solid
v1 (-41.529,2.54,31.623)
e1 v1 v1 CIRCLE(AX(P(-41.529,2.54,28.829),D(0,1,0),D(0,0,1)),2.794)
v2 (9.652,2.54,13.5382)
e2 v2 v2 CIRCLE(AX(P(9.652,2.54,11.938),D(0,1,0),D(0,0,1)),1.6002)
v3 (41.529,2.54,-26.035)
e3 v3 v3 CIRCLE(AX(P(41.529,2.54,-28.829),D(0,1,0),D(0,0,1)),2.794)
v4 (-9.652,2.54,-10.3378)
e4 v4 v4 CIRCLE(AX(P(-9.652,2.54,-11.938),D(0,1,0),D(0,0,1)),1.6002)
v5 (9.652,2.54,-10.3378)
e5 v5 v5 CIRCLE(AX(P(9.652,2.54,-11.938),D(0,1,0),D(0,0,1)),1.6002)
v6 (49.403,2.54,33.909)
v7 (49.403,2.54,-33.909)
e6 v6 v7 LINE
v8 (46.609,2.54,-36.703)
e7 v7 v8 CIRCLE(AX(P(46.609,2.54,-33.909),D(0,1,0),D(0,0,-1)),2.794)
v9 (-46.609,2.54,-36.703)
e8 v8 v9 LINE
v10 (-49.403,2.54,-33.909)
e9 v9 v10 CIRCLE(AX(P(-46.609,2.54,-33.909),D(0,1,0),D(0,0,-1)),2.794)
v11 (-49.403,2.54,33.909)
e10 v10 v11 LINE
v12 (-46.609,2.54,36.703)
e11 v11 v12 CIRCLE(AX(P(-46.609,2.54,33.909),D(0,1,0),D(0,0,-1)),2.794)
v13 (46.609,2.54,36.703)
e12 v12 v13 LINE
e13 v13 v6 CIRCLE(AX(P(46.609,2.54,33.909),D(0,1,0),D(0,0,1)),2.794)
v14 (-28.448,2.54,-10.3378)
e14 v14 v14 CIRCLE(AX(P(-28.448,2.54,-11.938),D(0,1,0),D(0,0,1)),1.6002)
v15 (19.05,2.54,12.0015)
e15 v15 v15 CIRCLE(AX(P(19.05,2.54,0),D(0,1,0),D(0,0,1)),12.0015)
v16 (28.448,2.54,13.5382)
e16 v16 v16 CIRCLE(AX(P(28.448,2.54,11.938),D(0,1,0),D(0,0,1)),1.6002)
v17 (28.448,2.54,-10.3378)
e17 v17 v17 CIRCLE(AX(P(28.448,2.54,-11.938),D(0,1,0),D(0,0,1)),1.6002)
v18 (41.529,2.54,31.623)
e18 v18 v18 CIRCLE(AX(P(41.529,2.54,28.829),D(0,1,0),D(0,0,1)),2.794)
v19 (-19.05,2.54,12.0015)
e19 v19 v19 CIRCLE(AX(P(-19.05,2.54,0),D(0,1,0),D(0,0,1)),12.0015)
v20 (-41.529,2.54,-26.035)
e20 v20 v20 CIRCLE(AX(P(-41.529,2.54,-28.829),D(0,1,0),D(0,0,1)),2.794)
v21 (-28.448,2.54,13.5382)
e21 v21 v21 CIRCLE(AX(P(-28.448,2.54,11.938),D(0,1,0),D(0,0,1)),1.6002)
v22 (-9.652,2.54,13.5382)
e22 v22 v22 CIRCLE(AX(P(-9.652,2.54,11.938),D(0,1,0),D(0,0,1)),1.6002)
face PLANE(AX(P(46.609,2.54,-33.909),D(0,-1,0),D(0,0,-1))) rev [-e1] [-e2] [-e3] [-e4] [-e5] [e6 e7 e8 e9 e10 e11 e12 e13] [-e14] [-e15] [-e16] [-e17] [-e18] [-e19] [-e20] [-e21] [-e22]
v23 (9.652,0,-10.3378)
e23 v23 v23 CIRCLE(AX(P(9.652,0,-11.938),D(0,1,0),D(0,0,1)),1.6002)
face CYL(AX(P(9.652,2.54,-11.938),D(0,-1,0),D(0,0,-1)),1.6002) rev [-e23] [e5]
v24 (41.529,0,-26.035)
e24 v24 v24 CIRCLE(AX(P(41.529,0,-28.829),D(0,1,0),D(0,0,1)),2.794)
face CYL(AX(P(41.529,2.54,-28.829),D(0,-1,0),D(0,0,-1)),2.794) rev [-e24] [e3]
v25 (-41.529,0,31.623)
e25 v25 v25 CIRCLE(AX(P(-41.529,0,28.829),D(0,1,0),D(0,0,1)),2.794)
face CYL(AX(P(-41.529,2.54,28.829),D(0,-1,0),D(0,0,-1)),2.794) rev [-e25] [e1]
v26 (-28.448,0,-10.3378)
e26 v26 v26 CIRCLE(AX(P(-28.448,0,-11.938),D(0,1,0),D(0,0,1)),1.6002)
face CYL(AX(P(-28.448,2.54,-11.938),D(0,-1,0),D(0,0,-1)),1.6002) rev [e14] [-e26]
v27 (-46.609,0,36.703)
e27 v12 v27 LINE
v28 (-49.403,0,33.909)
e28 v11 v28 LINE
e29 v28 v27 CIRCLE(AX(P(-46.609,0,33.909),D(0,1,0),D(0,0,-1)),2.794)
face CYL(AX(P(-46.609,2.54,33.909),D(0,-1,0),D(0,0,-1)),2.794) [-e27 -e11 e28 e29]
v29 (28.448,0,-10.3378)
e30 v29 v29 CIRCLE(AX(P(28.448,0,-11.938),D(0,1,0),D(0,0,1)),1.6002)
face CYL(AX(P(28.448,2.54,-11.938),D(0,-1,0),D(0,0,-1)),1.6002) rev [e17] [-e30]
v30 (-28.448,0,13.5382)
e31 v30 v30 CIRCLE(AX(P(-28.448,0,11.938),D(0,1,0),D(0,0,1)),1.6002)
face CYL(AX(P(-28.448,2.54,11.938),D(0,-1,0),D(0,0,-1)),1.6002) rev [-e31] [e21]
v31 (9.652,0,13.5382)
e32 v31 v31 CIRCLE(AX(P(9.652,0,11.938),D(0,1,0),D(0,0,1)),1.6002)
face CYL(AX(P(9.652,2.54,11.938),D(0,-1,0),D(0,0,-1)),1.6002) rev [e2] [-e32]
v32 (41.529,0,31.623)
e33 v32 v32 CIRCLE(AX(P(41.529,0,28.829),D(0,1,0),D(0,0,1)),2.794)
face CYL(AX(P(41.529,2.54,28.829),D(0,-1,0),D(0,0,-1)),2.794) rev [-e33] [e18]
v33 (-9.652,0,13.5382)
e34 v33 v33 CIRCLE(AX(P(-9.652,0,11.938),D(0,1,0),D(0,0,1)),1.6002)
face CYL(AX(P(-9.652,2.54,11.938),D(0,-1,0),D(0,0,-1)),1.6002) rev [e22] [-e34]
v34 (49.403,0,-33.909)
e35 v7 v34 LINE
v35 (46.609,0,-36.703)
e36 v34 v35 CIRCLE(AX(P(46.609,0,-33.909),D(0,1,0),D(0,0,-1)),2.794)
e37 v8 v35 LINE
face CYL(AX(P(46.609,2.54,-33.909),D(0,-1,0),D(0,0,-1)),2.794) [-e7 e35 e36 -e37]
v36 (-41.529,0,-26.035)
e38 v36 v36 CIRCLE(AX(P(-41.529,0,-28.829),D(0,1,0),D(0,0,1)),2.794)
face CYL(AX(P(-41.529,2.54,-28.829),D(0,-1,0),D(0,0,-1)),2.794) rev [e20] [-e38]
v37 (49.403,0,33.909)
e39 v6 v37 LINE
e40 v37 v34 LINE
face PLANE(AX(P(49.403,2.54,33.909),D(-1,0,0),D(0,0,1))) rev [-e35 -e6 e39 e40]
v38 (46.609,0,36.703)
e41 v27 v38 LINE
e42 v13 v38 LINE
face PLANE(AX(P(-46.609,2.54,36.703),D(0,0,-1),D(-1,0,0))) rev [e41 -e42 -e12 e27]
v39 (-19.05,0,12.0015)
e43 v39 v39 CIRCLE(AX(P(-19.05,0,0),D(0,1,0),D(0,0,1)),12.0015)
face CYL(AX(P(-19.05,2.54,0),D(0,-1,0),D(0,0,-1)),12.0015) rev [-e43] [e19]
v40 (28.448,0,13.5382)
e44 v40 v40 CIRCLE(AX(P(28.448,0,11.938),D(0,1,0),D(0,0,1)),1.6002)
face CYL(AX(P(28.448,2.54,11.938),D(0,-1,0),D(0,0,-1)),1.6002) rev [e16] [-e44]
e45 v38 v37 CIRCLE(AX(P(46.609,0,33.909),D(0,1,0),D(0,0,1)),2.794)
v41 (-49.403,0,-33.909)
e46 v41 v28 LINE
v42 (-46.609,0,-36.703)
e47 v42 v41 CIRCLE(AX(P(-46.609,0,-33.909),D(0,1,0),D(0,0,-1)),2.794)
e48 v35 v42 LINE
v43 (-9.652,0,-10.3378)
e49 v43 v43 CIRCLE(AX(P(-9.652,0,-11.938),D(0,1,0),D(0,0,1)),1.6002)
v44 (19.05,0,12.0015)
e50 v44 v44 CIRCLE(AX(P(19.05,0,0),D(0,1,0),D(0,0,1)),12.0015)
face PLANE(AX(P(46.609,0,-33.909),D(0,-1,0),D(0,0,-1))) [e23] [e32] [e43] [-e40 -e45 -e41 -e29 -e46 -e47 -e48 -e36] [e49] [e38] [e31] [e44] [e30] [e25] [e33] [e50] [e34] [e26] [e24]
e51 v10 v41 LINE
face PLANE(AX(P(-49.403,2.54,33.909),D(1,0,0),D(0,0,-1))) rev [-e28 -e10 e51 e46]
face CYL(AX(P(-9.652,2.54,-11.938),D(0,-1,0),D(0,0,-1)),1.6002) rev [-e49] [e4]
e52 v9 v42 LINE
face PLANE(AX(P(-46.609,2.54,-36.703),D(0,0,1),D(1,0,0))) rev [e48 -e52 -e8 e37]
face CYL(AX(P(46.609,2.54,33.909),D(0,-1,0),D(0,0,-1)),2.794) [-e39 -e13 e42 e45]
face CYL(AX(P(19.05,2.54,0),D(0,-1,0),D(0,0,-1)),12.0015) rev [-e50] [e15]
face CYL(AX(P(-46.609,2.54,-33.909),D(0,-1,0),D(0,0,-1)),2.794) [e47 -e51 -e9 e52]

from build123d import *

# Parameters (mm, degrees)
SKETCH1_R           = 12.0015
SKETCH1_R_2         = 2.794
SKETCH1_R_3         = 1.6002
BOSS_EXTRUDE1_DEPTH = 2.54


with BuildPart() as part:
    # Sketch1 → Boss-Extrude1 (new body)
    with BuildSketch(Plane(origin=(0, 0, 0), x_dir=(1, 0, 0), z_dir=(0, 1, 0))):
        with BuildLine():
            Line((-46.609, -36.703), (46.609, -36.703))
            ThreePointArc((46.609, -36.703), (48.584656347, -35.884656347), (49.403, -33.909))
            Line((49.403, -33.909), (49.403, 33.909))
            ThreePointArc((49.403, 33.909), (48.584656347, 35.884656347), (46.609, 36.703))
            Line((46.609, 36.703), (-46.609, 36.703))
            ThreePointArc((-46.609, 36.703), (-48.584656347, 35.884656347), (-49.403, 33.909))
            Line((-49.403, 33.909), (-49.403, -33.909))
            ThreePointArc((-49.403, -33.909), (-48.584656347, -35.884656347), (-46.609, -36.703))
        make_face()
        with Locations((-19.05, 0)):
            Circle(SKETCH1_R, mode=Mode.SUBTRACT)
        with Locations((19.05, 0)):
            Circle(SKETCH1_R, mode=Mode.SUBTRACT)
        with Locations((-41.529, 28.829)):
            Circle(SKETCH1_R_2, mode=Mode.SUBTRACT)
        with Locations((-28.448, -11.938)):
            Circle(SKETCH1_R_3, mode=Mode.SUBTRACT)
        with Locations((-9.652, -11.938)):
            Circle(SKETCH1_R_3, mode=Mode.SUBTRACT)
        with Locations((-9.652, 11.938)):
            Circle(SKETCH1_R_3, mode=Mode.SUBTRACT)
        with Locations((-28.448, 11.938)):
            Circle(SKETCH1_R_3, mode=Mode.SUBTRACT)
        with Locations((9.652, 11.938)):
            Circle(SKETCH1_R_3, mode=Mode.SUBTRACT)
        with Locations((28.448, 11.938)):
            Circle(SKETCH1_R_3, mode=Mode.SUBTRACT)
        with Locations((28.448, -11.938)):
            Circle(SKETCH1_R_3, mode=Mode.SUBTRACT)
        with Locations((9.652, -11.938)):
            Circle(SKETCH1_R_3, mode=Mode.SUBTRACT)
        with Locations((41.529, 28.829)):
            Circle(SKETCH1_R_2, mode=Mode.SUBTRACT)
        with Locations((41.529, -28.829)):
            Circle(SKETCH1_R_2, mode=Mode.SUBTRACT)
        with Locations((-41.529, -28.829)):
            Circle(SKETCH1_R_2, mode=Mode.SUBTRACT)
    extrude(amount=BOSS_EXTRUDE1_DEPTH)


solid = part.part
